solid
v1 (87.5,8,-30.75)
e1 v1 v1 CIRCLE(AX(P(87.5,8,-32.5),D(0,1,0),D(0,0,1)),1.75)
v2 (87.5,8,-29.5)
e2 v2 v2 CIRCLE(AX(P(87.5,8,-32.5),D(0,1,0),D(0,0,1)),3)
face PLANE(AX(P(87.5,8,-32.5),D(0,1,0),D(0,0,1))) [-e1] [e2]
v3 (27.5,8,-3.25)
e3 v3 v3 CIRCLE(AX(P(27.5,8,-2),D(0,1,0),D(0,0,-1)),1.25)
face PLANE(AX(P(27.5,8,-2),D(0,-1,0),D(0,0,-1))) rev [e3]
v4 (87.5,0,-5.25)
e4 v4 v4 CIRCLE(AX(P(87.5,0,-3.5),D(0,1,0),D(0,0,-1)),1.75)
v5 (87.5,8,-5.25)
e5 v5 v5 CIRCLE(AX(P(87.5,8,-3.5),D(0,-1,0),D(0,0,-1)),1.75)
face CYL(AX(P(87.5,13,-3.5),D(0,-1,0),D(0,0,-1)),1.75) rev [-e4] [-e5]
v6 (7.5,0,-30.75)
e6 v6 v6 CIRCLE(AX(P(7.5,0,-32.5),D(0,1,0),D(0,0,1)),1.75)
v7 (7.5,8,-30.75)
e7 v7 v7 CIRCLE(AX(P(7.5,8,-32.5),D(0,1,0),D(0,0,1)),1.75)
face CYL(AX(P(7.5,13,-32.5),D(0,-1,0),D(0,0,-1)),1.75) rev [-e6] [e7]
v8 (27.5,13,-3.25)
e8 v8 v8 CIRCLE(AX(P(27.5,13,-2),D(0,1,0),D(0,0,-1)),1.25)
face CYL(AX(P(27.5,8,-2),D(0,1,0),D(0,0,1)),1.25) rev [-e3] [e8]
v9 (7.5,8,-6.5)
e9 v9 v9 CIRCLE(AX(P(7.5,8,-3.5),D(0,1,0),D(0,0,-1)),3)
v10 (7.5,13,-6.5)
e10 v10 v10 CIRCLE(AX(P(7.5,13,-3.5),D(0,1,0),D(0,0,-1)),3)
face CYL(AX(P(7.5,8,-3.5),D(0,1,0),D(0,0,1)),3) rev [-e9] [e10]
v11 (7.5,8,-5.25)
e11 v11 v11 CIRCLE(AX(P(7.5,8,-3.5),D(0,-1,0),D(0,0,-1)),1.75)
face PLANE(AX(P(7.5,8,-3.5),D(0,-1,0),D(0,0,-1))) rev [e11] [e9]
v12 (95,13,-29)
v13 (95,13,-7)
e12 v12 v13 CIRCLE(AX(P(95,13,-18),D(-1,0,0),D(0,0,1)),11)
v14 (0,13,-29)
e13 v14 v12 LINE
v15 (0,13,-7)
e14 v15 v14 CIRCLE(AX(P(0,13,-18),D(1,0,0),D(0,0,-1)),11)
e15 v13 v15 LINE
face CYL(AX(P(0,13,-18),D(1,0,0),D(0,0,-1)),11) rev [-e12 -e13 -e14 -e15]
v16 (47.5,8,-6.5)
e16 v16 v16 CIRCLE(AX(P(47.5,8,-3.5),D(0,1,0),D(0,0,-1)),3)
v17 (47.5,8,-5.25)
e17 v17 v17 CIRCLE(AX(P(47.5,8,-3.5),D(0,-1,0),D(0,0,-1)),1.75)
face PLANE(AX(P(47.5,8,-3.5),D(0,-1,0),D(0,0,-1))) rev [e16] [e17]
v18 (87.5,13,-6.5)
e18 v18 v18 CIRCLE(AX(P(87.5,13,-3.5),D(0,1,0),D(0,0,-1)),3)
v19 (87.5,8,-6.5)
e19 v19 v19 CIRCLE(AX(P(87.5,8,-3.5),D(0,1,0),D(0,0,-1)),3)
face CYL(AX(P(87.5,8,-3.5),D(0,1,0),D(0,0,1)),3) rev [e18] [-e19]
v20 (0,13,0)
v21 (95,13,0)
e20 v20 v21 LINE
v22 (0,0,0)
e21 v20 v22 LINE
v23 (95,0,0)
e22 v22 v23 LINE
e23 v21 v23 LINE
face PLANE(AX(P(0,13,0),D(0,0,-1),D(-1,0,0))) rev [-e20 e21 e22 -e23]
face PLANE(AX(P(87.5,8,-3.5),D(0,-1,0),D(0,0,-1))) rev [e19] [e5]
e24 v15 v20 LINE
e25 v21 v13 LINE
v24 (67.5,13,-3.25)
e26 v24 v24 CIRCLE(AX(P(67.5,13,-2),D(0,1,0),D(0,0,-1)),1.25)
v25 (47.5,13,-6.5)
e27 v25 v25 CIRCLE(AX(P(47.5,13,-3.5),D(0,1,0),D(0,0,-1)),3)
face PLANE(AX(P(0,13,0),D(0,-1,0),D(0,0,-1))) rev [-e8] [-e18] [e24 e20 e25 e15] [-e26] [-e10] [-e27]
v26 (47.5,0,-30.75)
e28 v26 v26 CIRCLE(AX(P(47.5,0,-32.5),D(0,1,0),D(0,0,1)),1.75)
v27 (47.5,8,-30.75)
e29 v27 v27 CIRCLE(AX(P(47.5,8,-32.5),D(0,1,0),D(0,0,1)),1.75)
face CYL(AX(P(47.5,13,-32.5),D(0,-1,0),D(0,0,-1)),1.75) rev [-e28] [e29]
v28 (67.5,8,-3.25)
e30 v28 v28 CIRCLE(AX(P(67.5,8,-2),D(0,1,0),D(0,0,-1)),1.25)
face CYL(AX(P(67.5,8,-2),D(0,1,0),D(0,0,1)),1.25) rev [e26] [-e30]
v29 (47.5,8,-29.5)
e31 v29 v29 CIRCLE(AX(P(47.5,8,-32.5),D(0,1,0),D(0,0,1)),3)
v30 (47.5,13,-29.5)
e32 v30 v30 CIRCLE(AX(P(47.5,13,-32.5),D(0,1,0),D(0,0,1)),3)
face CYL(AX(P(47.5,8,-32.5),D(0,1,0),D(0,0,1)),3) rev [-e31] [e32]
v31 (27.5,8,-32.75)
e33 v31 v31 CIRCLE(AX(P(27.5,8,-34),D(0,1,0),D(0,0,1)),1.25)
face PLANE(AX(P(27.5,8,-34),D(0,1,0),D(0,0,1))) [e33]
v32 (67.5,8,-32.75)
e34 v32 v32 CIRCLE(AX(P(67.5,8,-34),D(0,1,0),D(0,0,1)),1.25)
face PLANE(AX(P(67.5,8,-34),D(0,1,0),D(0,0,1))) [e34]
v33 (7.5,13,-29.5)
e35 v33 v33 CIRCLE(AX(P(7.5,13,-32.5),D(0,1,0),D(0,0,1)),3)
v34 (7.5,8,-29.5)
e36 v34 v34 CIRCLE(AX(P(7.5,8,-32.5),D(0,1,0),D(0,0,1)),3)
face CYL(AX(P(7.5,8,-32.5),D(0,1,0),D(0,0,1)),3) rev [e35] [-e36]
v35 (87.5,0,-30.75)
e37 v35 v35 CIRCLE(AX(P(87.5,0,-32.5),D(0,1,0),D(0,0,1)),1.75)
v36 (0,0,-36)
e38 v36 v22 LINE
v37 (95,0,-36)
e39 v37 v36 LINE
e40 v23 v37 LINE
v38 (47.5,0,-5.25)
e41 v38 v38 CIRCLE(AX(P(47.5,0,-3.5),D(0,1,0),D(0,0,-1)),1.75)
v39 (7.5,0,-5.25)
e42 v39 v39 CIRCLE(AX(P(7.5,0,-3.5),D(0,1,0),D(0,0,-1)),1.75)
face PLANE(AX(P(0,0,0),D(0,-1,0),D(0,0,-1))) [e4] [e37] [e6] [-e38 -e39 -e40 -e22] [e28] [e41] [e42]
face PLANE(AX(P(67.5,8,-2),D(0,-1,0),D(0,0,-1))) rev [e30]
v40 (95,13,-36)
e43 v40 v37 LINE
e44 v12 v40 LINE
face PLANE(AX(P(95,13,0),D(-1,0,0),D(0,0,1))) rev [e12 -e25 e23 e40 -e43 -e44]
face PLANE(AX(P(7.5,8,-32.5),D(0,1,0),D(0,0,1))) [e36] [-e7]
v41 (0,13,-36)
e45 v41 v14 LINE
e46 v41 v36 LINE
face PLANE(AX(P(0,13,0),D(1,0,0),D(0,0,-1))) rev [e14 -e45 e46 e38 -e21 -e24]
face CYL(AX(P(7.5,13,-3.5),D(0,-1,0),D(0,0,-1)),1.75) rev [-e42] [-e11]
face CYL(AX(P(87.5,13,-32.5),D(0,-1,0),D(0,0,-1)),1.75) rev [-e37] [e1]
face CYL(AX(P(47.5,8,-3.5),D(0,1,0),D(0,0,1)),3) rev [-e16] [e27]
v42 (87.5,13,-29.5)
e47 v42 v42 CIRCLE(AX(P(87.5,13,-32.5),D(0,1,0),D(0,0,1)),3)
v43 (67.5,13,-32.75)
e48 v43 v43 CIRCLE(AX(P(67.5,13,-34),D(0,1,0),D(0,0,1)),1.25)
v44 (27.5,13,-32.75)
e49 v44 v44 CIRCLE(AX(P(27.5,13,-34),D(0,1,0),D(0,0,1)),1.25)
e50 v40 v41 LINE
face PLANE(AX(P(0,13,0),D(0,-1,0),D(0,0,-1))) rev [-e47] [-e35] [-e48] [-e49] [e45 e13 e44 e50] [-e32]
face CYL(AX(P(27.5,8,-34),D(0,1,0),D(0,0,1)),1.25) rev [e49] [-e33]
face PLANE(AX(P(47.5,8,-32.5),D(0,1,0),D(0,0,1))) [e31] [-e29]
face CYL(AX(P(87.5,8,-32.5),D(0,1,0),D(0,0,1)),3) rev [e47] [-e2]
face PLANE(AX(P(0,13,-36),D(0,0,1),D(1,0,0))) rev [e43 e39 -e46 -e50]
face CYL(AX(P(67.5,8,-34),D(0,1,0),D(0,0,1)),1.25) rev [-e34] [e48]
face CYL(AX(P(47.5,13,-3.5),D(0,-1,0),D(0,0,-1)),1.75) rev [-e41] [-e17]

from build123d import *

# Parameters (mm, degrees)
SKETCH_1_W          = 95
SKETCH_1_H          = 36
SKETCH_1_R          = 1.75
EXTRUDE_1_DEPTH     = 13
SKETCH_2_R          = 11
CUT_EXTRUDE_1_DEPTH = 96
SKETCH_4_R          = 3
SKETCH_4_R_2        = 1.25
CUT_EXTRUDE_2_DEPTH = 5


with BuildPart() as part:
    # Эскиз1 → Бобышка-Вытянуть1 (new body)
    with BuildSketch(Plane(origin=(0, 0, 0), x_dir=(1, 0, 0), z_dir=(0, 1, 0))):
        with Locations((47.5, 18)):
            Rectangle(SKETCH_1_W, SKETCH_1_H)
        with Locations((7.5, 32.5)):
            Circle(SKETCH_1_R, mode=Mode.SUBTRACT)
        with Locations((47.5, 32.5)):
            Circle(SKETCH_1_R, mode=Mode.SUBTRACT)
        with Locations((87.5, 32.5)):
            Circle(SKETCH_1_R, mode=Mode.SUBTRACT)
        with Locations((87.5, 3.5)):
            Circle(SKETCH_1_R, mode=Mode.SUBTRACT)
        with Locations((47.5, 3.5)):
            Circle(SKETCH_1_R, mode=Mode.SUBTRACT)
        with Locations((7.5, 3.5)):
            Circle(SKETCH_1_R, mode=Mode.SUBTRACT)
    extrude(amount=EXTRUDE_1_DEPTH)

    # Эскиз2 → Вырез-Вытянуть1 (cut, through all)
    with BuildSketch(Plane(origin=(95, 0, 0), x_dir=(0, 0, -1), z_dir=(1, 0, 0))):
        with Locations((18, 13)):
            Circle(SKETCH_2_R)
    extrude(amount=-CUT_EXTRUDE_1_DEPTH, mode=Mode.SUBTRACT)

    # Эскиз4 → Вырез-Вытянуть2 (cut)
    with BuildSketch(Plane(origin=(0, 13, 0), x_dir=(1, 0, 0), z_dir=(0, 1, 0))):
        with Locations((7.5, 32.5)):
            Circle(SKETCH_4_R)
        with Locations((47.5, 32.5)):
            Circle(SKETCH_4_R)
        with Locations((87.5, 32.5)):
            Circle(SKETCH_4_R)
        with Locations((87.5, 3.5)):
            Circle(SKETCH_4_R)
        with Locations((47.5, 3.5)):
            Circle(SKETCH_4_R)
        with Locations((7.5, 3.5)):
            Circle(SKETCH_4_R)
        with Locations((27.5, 34)):
            Circle(SKETCH_4_R_2)
        with Locations((67.5, 34)):
            Circle(SKETCH_4_R_2)
        with Locations((67.5, 2)):
            Circle(SKETCH_4_R_2)
        with Locations((27.5, 2)):
            Circle(SKETCH_4_R_2)
    extrude(amount=-CUT_EXTRUDE_2_DEPTH, mode=Mode.SUBTRACT)


solid = part.part
